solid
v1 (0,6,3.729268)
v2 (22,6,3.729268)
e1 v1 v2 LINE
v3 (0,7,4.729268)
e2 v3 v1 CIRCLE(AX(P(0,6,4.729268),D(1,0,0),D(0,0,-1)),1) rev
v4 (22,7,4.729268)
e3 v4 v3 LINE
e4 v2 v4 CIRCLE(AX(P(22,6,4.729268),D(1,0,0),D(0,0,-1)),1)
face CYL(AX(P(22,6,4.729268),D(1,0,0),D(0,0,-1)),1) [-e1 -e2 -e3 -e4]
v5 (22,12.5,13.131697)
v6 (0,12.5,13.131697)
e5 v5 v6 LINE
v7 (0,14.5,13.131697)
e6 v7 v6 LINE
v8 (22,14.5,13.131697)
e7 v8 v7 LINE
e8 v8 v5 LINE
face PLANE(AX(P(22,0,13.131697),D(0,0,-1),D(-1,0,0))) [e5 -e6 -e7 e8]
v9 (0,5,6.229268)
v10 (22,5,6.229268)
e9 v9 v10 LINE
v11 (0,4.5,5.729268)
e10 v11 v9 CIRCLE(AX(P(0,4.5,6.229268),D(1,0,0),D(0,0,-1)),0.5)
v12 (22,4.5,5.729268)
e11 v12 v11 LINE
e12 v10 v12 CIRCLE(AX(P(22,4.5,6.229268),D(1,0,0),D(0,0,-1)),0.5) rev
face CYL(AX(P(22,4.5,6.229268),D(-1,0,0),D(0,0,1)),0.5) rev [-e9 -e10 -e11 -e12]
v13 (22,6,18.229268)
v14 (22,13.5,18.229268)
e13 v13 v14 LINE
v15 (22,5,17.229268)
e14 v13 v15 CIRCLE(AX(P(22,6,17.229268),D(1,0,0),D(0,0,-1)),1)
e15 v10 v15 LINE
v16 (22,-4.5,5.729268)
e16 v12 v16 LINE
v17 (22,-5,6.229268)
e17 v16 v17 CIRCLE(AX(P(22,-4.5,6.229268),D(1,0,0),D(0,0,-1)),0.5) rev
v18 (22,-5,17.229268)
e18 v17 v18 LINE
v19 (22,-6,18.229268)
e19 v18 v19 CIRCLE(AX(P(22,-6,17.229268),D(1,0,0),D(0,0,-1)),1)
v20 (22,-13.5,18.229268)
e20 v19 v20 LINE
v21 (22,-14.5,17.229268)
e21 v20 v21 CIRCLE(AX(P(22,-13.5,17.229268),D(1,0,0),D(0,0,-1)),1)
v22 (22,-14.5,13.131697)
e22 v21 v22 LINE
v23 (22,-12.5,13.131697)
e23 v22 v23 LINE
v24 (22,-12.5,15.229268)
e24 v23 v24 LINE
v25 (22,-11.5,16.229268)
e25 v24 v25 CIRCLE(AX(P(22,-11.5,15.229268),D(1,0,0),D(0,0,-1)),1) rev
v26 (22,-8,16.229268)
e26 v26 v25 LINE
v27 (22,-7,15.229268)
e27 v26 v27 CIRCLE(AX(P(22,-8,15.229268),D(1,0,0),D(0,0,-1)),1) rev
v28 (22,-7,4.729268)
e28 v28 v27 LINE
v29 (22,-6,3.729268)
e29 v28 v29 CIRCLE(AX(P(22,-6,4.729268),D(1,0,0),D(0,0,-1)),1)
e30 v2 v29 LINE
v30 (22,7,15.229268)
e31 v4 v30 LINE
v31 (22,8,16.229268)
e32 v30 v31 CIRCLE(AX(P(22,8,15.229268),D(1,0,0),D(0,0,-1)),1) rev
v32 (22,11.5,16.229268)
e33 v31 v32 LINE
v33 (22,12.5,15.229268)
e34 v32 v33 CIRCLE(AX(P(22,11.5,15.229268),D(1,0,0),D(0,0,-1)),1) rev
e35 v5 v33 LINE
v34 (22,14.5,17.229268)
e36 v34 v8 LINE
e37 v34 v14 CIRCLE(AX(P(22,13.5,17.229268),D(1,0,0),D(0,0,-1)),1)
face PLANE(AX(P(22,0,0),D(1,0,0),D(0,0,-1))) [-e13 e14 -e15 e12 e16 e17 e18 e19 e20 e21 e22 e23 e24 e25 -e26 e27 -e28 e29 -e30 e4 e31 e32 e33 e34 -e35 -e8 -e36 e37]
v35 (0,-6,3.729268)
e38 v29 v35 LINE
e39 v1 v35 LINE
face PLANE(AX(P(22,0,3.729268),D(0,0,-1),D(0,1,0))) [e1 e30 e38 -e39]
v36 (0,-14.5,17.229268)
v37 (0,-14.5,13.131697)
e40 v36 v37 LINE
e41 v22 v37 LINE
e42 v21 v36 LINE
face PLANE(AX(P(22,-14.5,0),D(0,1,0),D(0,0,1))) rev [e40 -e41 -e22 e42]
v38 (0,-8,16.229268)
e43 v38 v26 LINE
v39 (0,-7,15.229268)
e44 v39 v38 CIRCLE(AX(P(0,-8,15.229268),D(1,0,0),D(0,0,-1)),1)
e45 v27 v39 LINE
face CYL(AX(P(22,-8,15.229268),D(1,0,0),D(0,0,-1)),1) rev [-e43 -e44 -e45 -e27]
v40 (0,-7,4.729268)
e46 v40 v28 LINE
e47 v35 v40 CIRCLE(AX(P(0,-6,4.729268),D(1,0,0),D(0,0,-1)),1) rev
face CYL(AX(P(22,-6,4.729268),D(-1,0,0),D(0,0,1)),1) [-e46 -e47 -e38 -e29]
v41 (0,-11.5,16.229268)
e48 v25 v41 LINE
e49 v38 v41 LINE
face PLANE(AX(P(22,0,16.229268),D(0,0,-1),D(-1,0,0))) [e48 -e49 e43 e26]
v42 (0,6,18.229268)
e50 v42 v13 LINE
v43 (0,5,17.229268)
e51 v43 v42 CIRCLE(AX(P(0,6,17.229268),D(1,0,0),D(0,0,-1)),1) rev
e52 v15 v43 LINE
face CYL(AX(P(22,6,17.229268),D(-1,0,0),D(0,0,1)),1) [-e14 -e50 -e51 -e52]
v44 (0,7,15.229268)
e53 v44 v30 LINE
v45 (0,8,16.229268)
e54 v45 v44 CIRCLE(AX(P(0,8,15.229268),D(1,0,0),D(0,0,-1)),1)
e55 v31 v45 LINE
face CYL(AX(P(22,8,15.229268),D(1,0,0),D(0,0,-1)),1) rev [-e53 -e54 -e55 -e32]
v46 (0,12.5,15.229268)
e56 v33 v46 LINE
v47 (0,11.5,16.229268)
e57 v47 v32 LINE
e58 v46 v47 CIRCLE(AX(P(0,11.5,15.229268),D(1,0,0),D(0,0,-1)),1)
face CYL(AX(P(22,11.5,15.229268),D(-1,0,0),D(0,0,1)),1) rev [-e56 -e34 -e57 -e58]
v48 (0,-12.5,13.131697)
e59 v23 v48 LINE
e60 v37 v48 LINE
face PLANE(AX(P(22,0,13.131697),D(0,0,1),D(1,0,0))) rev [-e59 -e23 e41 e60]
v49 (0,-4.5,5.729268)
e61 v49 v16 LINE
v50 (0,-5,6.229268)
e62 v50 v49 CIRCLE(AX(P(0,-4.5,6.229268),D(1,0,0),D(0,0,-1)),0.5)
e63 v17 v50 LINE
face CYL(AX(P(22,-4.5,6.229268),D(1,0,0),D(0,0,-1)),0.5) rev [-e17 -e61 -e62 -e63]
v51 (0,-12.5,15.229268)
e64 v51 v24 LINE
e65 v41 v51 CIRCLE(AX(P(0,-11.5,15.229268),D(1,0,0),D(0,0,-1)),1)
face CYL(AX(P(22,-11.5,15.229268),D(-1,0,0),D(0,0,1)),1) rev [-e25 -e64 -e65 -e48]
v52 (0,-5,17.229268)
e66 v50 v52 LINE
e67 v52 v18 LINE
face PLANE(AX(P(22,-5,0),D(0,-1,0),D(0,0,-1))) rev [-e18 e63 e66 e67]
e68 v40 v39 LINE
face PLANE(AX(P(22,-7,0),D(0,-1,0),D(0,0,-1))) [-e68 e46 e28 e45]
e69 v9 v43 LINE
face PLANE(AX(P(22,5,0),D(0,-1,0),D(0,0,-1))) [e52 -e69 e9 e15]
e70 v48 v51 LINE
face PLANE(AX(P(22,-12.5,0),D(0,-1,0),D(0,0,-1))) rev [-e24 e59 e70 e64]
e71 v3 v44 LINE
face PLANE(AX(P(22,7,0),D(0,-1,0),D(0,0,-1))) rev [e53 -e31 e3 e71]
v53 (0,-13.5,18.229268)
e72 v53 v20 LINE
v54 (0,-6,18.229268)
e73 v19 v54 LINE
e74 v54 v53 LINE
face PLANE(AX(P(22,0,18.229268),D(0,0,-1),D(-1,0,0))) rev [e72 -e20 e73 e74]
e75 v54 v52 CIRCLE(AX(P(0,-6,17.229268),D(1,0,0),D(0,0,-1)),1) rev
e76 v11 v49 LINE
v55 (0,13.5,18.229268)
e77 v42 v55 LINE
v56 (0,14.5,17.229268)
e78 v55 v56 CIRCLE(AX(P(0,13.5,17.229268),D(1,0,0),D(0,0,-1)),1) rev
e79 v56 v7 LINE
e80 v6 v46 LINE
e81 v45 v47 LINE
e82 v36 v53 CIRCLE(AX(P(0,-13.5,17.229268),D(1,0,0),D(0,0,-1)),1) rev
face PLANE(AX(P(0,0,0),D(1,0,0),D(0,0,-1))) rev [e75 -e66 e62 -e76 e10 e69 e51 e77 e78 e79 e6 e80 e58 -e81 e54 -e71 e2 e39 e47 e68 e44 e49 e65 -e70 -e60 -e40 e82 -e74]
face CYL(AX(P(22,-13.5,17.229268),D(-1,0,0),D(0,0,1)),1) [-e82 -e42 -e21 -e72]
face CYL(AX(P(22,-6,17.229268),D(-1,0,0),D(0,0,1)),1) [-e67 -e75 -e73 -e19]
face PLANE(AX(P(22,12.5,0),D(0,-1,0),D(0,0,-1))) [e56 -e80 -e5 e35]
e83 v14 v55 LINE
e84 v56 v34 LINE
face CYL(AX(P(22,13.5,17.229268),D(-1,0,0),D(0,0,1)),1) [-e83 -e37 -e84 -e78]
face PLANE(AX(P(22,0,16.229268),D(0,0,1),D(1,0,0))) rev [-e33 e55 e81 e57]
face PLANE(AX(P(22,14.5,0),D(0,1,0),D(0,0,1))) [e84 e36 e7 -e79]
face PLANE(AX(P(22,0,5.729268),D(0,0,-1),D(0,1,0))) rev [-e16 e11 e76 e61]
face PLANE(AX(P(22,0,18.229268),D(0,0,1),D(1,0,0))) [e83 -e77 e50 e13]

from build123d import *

# Parameters (mm, degrees)
BOSS_EXTRUDE1_DEPTH = 22
FILLET1_R           = 1
FILLET2_R           = 0.5


with BuildPart() as part:
    # Sketch3 → Boss-Extrude1 (new body)
    with BuildSketch(Plane(origin=(0, 0, 0), x_dir=(0, 0, -1), z_dir=(1, 0, 0))):
        Polygon((-3.729267548, 0), (-5.729267548, 0), (-5.729267548, -5), (-18.229267548, -5), (-18.229267548, -14.5), (-13.131696696, -14.5), (-13.131696696, -12.5), (-14.52244663, -12.5), (-16.229267548, -12.5), (-16.229267548, -7), (-3.729267548, -7), align=None)
        Polygon((-18.229267548, 5), (-5.729267548, 5), (-5.729267548, 0), (-3.729267548, 0), (-3.729267548, 7), (-16.229267548, 7), (-16.229267548, 12.5), (-14.52244663, 12.5), (-13.131696696, 12.5), (-13.131696696, 14.5), (-18.229267548, 14.5), align=None)
    extrude(amount=BOSS_EXTRUDE1_DEPTH)

    # Fillet1
    fillet1_edges = [part.edges().sort_by_distance(p)[0] for p in [
        (11, -14.5, 18.229267548),
        (11, -5, 18.229267548),
        (11, 5, 18.229267548),
        (11, 14.5, 18.229267548),
        (11, 12.5, 16.229267548),
        (11, 7, 16.229267548),
        (11, 7, 3.729267548),
        (11, -7, 3.729267548),
        (11, -7, 16.229267548),
        (11, -12.5, 16.229267548),
    ]]
    fillet(fillet1_edges, radius=FILLET1_R)

    # Fillet2
    fillet2_edges = [part.edges().sort_by_distance(p)[0] for p in [
        (11, -5, 5.729267548),
        (11, 5, 5.729267548),
    ]]
    fillet(fillet2_edges, radius=FILLET2_R)


solid = part.part
